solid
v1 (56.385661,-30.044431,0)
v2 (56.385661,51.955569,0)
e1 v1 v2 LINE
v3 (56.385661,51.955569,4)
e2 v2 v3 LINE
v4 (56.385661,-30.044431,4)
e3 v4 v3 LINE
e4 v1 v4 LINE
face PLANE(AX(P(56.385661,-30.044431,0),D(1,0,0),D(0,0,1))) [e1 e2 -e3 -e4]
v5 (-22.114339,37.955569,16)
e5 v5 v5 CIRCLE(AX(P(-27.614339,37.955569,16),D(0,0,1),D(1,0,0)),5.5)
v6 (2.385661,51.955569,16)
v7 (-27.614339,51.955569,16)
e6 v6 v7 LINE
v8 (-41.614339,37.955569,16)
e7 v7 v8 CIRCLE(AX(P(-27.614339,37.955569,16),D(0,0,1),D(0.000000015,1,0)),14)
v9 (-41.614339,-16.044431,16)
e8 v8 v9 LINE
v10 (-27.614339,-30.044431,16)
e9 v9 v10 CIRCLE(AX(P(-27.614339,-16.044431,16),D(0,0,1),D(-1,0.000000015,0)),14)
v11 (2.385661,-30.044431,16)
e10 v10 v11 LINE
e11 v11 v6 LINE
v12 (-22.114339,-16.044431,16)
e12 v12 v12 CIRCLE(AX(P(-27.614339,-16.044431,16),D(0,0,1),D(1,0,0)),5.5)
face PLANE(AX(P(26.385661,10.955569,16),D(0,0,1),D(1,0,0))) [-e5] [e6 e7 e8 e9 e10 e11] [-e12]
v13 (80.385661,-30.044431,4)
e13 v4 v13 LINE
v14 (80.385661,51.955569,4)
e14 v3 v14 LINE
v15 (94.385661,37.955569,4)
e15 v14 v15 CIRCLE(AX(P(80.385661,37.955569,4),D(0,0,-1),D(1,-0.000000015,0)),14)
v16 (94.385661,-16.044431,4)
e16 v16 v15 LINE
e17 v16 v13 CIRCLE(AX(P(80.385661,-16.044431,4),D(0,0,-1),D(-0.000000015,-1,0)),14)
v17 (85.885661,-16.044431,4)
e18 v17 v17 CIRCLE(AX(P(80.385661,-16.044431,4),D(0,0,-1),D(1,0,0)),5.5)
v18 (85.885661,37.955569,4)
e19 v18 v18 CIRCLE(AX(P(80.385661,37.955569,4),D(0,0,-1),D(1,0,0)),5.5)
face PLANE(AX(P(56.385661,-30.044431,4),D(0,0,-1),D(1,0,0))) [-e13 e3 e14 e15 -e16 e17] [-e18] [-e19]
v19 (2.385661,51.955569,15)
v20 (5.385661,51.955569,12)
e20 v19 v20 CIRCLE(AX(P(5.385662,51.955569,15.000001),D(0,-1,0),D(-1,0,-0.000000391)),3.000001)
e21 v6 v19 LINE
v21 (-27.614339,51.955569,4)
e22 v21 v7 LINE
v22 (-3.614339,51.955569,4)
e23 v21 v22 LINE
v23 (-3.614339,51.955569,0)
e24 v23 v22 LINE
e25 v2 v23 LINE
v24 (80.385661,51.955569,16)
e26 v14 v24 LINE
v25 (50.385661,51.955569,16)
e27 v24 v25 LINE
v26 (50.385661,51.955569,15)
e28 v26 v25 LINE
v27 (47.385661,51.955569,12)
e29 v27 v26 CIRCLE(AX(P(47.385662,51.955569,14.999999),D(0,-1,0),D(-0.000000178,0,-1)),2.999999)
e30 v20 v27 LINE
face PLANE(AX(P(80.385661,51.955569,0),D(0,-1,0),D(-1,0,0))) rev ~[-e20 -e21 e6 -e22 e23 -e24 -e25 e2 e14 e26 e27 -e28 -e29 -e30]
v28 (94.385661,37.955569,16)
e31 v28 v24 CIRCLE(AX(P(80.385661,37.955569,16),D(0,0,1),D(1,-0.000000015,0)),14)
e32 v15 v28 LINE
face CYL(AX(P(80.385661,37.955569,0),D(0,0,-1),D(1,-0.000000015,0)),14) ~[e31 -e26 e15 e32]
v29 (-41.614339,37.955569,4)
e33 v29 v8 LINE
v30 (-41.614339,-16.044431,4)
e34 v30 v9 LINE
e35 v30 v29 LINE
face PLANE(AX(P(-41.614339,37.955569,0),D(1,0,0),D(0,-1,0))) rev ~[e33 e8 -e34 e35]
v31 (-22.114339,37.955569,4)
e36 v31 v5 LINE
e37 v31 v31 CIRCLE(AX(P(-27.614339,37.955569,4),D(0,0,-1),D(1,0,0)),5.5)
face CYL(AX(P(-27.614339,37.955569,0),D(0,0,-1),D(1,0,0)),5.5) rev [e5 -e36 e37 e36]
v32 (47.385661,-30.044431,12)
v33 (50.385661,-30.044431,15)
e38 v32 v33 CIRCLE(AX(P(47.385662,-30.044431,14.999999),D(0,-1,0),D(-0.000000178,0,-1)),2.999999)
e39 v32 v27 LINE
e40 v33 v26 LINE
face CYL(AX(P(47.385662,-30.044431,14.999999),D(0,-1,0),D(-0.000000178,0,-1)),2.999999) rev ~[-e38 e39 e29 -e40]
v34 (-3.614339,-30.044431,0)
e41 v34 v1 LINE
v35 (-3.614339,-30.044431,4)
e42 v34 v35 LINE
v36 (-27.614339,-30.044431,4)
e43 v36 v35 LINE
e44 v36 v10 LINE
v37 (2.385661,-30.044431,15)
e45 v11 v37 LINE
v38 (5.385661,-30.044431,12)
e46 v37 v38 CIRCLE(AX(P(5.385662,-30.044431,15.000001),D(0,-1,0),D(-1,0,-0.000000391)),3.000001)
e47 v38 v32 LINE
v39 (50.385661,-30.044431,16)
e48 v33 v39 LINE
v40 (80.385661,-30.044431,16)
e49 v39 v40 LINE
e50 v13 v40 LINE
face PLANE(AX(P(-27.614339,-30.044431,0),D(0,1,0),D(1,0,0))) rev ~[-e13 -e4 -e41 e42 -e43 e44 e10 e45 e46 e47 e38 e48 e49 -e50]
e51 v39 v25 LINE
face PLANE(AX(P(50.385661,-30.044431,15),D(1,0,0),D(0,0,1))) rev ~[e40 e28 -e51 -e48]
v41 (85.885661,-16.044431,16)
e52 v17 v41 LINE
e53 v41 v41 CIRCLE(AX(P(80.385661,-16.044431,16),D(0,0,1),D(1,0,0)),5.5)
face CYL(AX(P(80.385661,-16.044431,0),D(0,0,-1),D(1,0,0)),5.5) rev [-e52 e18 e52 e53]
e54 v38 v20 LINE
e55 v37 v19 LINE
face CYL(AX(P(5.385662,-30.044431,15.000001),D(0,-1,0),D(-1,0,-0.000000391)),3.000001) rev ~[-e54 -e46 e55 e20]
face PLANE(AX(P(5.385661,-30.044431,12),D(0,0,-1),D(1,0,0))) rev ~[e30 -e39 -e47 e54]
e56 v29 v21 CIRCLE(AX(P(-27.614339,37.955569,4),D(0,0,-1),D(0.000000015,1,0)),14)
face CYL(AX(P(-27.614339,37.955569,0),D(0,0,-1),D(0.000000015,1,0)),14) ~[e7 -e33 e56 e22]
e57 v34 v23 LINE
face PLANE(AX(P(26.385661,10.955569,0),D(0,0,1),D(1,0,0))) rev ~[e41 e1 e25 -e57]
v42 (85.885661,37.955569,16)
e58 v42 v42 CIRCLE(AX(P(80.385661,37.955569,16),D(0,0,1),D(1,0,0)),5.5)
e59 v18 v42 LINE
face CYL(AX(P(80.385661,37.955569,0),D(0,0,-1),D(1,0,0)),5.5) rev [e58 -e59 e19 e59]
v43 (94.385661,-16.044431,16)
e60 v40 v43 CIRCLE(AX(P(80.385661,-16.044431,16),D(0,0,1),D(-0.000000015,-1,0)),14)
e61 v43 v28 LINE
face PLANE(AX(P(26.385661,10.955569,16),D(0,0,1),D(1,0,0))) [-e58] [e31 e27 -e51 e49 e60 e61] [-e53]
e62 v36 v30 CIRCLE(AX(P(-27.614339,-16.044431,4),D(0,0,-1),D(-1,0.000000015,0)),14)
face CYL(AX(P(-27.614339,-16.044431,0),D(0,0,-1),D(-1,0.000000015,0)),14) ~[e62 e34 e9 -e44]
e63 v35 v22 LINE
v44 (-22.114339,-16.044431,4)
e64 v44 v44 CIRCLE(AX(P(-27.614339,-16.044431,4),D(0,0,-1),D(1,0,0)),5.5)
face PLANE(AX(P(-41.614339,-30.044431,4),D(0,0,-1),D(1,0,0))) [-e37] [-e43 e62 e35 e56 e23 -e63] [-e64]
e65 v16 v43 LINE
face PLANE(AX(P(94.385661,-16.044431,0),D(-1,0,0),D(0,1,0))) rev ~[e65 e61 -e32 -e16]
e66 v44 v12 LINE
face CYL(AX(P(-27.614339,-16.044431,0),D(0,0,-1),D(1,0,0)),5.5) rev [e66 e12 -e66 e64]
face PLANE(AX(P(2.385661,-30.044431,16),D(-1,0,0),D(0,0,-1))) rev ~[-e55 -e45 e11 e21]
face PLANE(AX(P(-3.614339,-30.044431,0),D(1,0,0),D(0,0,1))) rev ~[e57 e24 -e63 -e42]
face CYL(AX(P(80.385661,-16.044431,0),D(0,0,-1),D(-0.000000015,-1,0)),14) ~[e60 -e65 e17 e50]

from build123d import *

# Parameters (mm, degrees)
F0_R     = 5.5
F1_DEPTH = 16
F2_W     = 38
F2_H     = 4
F3_DEPTH = 82.001


with BuildPart() as f1:
    # F0 (on Top) → F1 (new body)
    with BuildSketch(Plane.XY):
        with BuildLine():
            Line((80.385661, 51.955569), (-27.614339, 51.955569))
            ThreePointArc((-27.614339, 51.955569), (-37.513834, 47.855064), (-41.614339, 37.955569))
            Line((-41.614339, 37.955569), (-41.614339, -16.044431))
            ThreePointArc((-41.614339, -16.044431), (-37.513834, -25.943926), (-27.614339, -30.044431))
            Line((-27.614339, -30.044431), (80.385661, -30.044431))
            ThreePointArc((80.385661, -30.044431), (90.285156, -25.943926), (94.385661, -16.044431))
            Line((94.385661, -16.044431), (94.385661, 37.955569))
            ThreePointArc((94.385661, 37.955569), (90.285156, 47.855064), (80.385661, 51.955569))
        make_face()
        with Locations((-27.614339, -16.044431)):
            Circle(F0_R, mode=Mode.SUBTRACT)
        with Locations((80.385661, -16.044431)):
            Circle(F0_R, mode=Mode.SUBTRACT)
        with Locations((-27.614339, 37.955569)):
            Circle(F0_R, mode=Mode.SUBTRACT)
        with Locations((80.385661, 37.955569)):
            Circle(F0_R, mode=Mode.SUBTRACT)
    extrude(amount=F1_DEPTH)

    # F2 (on face) → F3 (cut, through all)
    with BuildSketch(Plane.XZ.offset(30.044431)):
        with BuildLine():
            Line((50.385661, 16), (2.385661, 16))
            Line((2.385661, 16), (2.385661, 15))
            ThreePointArc((2.385661, 15), (3.264341, 12.87868), (5.385661, 12))
            Line((5.385661, 12), (47.385661, 12))
            ThreePointArc((47.385661, 12), (49.506982, 12.87868), (50.385661, 15))
            Line((50.385661, 15), (50.385661, 16))
        make_face()
        with Locations((75.385661, 2)):
            Rectangle(F2_W, F2_H)
        with Locations((-22.614339, 2)):
            Rectangle(F2_W, F2_H)
    extrude(amount=-F3_DEPTH, mode=Mode.SUBTRACT)


solid = f1.part
